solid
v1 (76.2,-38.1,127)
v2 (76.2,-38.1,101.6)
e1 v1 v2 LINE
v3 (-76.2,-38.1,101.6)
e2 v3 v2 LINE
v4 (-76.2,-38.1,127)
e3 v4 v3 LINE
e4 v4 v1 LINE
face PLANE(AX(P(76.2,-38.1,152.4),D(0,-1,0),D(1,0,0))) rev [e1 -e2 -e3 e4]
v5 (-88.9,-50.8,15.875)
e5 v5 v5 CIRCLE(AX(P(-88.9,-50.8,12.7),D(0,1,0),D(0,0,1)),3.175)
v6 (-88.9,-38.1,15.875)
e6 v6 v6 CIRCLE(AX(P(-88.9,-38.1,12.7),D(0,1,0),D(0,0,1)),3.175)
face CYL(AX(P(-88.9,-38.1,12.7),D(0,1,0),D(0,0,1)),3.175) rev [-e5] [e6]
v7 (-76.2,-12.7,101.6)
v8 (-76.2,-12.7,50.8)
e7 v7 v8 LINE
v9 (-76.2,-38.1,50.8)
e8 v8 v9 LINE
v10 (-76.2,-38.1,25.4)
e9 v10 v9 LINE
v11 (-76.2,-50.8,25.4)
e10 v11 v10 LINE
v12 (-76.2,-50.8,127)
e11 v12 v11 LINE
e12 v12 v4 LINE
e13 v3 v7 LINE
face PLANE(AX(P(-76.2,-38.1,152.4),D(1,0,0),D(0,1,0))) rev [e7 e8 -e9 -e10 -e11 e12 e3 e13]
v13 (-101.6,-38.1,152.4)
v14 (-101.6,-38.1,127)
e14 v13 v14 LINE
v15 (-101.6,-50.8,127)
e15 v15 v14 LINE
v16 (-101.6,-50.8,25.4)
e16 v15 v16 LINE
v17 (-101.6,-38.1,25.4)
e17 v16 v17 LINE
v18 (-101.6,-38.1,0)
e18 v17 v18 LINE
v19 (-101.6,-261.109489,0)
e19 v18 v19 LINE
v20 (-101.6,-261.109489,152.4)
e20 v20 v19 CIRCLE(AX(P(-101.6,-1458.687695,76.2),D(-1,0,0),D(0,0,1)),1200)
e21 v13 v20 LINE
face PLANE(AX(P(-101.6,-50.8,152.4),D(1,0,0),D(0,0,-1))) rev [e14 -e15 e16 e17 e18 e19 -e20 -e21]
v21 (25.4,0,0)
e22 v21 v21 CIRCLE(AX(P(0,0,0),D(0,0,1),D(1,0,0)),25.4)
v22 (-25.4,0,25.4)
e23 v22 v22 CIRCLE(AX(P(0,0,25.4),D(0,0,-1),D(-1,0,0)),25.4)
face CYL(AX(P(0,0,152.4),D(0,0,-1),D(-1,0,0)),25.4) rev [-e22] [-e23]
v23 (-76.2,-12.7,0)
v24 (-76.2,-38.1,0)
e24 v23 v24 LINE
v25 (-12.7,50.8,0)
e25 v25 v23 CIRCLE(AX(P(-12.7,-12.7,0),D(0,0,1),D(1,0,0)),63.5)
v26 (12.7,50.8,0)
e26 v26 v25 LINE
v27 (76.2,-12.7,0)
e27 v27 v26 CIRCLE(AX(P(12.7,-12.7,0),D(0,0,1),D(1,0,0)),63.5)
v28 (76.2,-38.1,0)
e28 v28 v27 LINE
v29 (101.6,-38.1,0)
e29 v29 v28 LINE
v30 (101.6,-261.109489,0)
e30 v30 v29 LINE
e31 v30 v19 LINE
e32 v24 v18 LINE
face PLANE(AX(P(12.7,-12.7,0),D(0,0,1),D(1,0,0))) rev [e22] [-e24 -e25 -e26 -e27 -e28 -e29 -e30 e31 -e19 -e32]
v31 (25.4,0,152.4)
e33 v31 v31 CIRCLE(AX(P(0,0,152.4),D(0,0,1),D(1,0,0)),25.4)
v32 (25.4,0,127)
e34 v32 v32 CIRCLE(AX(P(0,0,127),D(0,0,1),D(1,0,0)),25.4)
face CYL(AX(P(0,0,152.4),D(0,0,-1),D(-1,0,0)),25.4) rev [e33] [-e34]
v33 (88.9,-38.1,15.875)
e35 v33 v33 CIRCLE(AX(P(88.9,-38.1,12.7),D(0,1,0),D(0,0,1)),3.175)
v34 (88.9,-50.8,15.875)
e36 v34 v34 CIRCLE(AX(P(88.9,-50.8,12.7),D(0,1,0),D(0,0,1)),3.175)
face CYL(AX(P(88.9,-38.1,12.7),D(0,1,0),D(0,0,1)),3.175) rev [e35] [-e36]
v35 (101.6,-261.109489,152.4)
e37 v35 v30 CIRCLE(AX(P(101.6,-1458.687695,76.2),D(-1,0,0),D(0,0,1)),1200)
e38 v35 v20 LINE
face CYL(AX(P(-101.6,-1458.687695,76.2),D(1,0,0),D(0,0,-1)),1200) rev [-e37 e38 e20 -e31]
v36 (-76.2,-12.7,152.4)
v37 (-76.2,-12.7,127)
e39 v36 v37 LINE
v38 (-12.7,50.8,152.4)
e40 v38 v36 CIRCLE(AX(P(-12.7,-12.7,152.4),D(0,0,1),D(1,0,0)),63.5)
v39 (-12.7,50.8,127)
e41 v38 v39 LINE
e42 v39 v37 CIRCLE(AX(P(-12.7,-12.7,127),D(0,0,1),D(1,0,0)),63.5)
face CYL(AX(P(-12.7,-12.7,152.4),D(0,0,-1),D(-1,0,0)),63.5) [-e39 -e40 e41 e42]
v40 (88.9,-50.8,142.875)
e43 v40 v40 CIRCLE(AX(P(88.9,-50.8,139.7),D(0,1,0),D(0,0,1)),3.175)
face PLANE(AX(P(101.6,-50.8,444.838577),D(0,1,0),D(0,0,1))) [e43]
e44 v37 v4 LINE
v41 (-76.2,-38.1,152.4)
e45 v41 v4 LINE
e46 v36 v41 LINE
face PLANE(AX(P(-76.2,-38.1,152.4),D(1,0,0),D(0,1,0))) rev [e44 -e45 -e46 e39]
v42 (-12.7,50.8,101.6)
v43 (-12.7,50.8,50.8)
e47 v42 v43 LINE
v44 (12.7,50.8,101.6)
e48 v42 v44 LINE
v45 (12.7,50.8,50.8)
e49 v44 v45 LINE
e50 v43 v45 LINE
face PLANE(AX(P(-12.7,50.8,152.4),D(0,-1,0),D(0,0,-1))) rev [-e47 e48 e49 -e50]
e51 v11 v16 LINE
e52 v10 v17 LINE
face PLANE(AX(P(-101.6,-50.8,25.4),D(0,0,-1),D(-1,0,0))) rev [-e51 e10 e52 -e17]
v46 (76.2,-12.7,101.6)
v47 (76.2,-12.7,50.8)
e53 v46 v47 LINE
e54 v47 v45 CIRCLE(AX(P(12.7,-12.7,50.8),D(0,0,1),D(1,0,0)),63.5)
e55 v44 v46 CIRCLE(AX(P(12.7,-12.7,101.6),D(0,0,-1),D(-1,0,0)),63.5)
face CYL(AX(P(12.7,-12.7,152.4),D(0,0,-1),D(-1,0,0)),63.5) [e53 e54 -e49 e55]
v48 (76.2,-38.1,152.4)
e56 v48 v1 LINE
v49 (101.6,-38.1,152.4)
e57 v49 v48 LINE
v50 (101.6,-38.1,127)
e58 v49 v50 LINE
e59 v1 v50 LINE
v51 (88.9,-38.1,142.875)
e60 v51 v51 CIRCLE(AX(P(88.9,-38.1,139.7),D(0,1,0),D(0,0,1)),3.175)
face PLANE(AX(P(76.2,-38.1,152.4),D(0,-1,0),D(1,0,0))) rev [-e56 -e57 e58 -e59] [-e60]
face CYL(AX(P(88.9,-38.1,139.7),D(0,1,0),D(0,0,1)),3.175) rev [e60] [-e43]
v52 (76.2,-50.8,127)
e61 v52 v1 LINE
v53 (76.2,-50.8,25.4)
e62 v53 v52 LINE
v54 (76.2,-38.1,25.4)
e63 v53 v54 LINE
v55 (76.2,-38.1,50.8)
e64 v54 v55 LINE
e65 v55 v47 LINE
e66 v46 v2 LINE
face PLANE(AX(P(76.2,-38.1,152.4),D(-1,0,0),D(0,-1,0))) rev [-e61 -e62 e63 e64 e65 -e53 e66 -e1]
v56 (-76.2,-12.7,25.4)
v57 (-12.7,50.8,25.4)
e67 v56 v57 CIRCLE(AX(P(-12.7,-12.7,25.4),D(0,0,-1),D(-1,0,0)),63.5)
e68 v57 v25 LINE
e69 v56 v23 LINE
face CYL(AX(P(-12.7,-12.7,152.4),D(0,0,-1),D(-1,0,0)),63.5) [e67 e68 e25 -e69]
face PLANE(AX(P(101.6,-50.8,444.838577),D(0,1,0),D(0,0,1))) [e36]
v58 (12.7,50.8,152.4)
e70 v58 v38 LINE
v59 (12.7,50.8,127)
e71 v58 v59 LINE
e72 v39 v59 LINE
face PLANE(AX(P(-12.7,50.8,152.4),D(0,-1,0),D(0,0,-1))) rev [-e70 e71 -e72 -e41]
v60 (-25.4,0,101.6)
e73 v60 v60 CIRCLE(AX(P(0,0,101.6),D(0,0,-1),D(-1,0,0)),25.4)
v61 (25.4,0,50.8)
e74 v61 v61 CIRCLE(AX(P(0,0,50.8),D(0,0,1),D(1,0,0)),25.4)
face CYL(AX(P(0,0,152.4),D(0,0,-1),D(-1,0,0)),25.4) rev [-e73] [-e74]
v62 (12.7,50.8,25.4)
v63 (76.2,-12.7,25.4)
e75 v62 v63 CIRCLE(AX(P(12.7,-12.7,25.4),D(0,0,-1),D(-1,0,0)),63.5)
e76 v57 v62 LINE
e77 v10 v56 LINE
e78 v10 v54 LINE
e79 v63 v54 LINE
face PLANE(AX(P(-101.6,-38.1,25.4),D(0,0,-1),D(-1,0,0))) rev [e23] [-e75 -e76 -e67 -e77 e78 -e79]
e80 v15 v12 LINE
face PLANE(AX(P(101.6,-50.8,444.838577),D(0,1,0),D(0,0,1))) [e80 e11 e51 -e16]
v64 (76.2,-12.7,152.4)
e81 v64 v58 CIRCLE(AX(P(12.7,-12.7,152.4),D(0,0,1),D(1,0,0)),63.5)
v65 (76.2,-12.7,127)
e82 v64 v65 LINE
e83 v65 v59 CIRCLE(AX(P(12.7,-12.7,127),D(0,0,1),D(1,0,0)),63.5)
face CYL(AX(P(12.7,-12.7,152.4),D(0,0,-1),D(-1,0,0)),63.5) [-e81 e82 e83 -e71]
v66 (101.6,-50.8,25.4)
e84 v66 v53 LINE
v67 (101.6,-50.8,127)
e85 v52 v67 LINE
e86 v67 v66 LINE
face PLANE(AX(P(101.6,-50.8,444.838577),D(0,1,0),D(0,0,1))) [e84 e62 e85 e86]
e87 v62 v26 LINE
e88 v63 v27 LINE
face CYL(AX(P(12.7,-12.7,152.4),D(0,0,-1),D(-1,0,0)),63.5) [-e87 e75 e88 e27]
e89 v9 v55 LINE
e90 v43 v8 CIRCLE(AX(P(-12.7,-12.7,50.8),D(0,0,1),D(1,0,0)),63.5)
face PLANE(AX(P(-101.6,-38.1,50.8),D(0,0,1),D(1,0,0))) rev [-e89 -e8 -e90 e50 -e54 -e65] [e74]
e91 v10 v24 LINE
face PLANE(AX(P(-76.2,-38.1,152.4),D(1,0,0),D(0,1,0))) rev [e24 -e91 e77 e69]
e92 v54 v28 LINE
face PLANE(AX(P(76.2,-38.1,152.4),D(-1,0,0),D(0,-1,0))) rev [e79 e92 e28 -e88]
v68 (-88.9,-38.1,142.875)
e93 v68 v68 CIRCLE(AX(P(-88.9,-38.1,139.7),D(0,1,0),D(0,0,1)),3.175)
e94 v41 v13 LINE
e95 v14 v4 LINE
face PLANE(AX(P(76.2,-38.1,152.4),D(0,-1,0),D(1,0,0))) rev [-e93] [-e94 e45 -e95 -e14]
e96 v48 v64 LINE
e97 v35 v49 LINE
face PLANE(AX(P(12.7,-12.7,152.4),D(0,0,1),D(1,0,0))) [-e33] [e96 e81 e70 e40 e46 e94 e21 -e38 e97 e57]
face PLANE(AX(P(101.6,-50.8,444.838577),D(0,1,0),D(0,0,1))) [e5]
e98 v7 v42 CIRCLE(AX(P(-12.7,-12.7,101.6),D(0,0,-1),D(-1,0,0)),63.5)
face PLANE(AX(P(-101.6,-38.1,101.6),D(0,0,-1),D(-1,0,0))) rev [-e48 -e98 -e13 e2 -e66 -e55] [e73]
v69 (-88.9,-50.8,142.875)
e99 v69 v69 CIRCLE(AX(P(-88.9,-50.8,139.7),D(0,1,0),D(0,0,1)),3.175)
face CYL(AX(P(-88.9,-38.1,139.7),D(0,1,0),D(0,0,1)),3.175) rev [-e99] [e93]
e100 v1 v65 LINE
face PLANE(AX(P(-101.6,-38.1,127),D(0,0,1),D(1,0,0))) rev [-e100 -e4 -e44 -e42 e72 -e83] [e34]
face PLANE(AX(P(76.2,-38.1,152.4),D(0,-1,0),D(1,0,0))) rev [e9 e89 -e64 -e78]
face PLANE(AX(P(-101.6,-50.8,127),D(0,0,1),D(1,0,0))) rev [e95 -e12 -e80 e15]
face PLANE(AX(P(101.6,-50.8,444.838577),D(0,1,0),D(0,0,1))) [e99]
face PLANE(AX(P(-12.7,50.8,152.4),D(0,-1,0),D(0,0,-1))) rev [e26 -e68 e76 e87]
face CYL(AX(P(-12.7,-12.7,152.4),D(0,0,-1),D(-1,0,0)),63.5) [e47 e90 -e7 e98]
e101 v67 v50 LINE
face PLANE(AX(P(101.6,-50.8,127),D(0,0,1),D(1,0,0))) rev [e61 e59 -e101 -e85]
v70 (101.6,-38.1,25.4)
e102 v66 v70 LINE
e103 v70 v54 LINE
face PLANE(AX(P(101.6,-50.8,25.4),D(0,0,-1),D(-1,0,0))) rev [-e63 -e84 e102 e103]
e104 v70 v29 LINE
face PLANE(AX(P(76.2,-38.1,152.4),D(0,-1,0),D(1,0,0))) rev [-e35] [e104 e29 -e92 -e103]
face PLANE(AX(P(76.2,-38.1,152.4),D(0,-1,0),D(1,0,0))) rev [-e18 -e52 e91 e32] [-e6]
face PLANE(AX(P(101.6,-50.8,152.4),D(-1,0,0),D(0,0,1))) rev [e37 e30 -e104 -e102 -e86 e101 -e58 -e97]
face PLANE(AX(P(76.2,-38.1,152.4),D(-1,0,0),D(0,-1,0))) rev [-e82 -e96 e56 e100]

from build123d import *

# Parameters (mm, degrees)
SKETCH1_R                   = 25.4
BOSS_EXTRUDE1_DEPTH         = 152.4
SKETCH3_W                   = 25.4
SKETCH3_H                   = 88.9
CUT_EXTRUDE1_DEPTH          = 102.6
CUT_EXTRUDE1_DEPTH_BACK     = 102.6
F_1_4_0_25_DIAMETER_HOLE1_D = 6.35
SKETCH4_W                   = 25.4
SKETCH4_H                   = 101.6
CUT_EXTRUDE2_DEPTH          = 13.7
SKETCH7_W                   = 203.2
SKETCH7_H                   = 210.309489201
BOSS_EXTRUDE2_DEPTH         = 152.4
CUT_EXTRUDE3_DEPTH          = 204.2


with BuildPart() as part:
    # Sketch1 → Boss-Extrude1 (new body)
    with BuildSketch(Plane.XY):
        with BuildLine():
            Line((-101.6, -50.8), (101.6, -50.8))
            Line((101.6, -50.8), (101.6, -38.1))
            Line((101.6, -38.1), (76.2, -38.1))
            Line((76.2, -38.1), (76.2, -12.7))
            ThreePointArc((76.2, -12.7), (57.601280605, 32.201280605), (12.7, 50.8))
            Line((12.7, 50.8), (-12.7, 50.8))
            ThreePointArc((-12.7, 50.8), (-57.601280605, 32.201280605), (-76.2, -12.7))
            Line((-76.2, -12.7), (-76.2, -38.1))
            Line((-76.2, -38.1), (-101.6, -38.1))
            Line((-101.6, -38.1), (-101.6, -50.8))
        make_face()
        Circle(SKETCH1_R, mode=Mode.SUBTRACT)
    extrude(amount=BOSS_EXTRUDE1_DEPTH)

    # Sketch3 → Cut-Extrude1 (cut, two sides)
    with BuildSketch(Plane(origin=(0, 0, 0), x_dir=(0, 0, -1), z_dir=(1, 0, 0))) as cut_extrude1_sk:
        with Locations((-114.3, 6.35)):
            Rectangle(SKETCH3_W, SKETCH3_H)
        with Locations((-38.1, 6.35)):
            Rectangle(SKETCH3_W, SKETCH3_H)
    extrude(amount=CUT_EXTRUDE1_DEPTH, mode=Mode.SUBTRACT)
    extrude(cut_extrude1_sk.sketch, amount=-CUT_EXTRUDE1_DEPTH_BACK, mode=Mode.SUBTRACT)

    # 1/4 (0.25) Diameter Hole1 (through all)
    with Locations(Plane(origin=(0, -38.1, 0), x_dir=(1, 0, 0), z_dir=(0, 1, 0))):
        with Locations((-88.9, -12.7), (-88.9, -139.7), (88.9, -12.7), (88.9, -139.7)):
            Hole(F_1_4_0_25_DIAMETER_HOLE1_D / 2)

    # Sketch4 → Cut-Extrude2 (cut, through all)
    with BuildSketch(Plane(origin=(0, -38.1, 0), x_dir=(1, 0, 0), z_dir=(0, 1, 0))):
        with Locations((-88.9, -76.2)):
            Rectangle(SKETCH4_W, SKETCH4_H)
        with Locations((88.9, -76.2)):
            Rectangle(SKETCH4_W, SKETCH4_H)
    extrude(amount=-CUT_EXTRUDE2_DEPTH, mode=Mode.SUBTRACT)

    # Sketch7 → Boss-Extrude2 (add)
    with BuildSketch(Plane(origin=(0, 0, 0), x_dir=(-1, 0, 0), z_dir=(0, 0, -1))):
        with Locations((0, -155.954744601)):
            Rectangle(SKETCH7_W, SKETCH7_H)
    extrude(amount=-BOSS_EXTRUDE2_DEPTH)

    # Sketch8 → Cut-Extrude3 (cut, through all)
    with BuildSketch(Plane(origin=(101.6, 0, 0), x_dir=(0, 0, -1), z_dir=(1, 0, 0))):
        with BuildLine():
            Line((-152.4, -261.109489201), (0, -261.109489201))
            ThreePointArc((0, -261.109489201), (-76.2, -258.687695415), (-152.4, -261.109489201))
        make_face()
    extrude(amount=-CUT_EXTRUDE3_DEPTH, mode=Mode.SUBTRACT)


solid = part.part
